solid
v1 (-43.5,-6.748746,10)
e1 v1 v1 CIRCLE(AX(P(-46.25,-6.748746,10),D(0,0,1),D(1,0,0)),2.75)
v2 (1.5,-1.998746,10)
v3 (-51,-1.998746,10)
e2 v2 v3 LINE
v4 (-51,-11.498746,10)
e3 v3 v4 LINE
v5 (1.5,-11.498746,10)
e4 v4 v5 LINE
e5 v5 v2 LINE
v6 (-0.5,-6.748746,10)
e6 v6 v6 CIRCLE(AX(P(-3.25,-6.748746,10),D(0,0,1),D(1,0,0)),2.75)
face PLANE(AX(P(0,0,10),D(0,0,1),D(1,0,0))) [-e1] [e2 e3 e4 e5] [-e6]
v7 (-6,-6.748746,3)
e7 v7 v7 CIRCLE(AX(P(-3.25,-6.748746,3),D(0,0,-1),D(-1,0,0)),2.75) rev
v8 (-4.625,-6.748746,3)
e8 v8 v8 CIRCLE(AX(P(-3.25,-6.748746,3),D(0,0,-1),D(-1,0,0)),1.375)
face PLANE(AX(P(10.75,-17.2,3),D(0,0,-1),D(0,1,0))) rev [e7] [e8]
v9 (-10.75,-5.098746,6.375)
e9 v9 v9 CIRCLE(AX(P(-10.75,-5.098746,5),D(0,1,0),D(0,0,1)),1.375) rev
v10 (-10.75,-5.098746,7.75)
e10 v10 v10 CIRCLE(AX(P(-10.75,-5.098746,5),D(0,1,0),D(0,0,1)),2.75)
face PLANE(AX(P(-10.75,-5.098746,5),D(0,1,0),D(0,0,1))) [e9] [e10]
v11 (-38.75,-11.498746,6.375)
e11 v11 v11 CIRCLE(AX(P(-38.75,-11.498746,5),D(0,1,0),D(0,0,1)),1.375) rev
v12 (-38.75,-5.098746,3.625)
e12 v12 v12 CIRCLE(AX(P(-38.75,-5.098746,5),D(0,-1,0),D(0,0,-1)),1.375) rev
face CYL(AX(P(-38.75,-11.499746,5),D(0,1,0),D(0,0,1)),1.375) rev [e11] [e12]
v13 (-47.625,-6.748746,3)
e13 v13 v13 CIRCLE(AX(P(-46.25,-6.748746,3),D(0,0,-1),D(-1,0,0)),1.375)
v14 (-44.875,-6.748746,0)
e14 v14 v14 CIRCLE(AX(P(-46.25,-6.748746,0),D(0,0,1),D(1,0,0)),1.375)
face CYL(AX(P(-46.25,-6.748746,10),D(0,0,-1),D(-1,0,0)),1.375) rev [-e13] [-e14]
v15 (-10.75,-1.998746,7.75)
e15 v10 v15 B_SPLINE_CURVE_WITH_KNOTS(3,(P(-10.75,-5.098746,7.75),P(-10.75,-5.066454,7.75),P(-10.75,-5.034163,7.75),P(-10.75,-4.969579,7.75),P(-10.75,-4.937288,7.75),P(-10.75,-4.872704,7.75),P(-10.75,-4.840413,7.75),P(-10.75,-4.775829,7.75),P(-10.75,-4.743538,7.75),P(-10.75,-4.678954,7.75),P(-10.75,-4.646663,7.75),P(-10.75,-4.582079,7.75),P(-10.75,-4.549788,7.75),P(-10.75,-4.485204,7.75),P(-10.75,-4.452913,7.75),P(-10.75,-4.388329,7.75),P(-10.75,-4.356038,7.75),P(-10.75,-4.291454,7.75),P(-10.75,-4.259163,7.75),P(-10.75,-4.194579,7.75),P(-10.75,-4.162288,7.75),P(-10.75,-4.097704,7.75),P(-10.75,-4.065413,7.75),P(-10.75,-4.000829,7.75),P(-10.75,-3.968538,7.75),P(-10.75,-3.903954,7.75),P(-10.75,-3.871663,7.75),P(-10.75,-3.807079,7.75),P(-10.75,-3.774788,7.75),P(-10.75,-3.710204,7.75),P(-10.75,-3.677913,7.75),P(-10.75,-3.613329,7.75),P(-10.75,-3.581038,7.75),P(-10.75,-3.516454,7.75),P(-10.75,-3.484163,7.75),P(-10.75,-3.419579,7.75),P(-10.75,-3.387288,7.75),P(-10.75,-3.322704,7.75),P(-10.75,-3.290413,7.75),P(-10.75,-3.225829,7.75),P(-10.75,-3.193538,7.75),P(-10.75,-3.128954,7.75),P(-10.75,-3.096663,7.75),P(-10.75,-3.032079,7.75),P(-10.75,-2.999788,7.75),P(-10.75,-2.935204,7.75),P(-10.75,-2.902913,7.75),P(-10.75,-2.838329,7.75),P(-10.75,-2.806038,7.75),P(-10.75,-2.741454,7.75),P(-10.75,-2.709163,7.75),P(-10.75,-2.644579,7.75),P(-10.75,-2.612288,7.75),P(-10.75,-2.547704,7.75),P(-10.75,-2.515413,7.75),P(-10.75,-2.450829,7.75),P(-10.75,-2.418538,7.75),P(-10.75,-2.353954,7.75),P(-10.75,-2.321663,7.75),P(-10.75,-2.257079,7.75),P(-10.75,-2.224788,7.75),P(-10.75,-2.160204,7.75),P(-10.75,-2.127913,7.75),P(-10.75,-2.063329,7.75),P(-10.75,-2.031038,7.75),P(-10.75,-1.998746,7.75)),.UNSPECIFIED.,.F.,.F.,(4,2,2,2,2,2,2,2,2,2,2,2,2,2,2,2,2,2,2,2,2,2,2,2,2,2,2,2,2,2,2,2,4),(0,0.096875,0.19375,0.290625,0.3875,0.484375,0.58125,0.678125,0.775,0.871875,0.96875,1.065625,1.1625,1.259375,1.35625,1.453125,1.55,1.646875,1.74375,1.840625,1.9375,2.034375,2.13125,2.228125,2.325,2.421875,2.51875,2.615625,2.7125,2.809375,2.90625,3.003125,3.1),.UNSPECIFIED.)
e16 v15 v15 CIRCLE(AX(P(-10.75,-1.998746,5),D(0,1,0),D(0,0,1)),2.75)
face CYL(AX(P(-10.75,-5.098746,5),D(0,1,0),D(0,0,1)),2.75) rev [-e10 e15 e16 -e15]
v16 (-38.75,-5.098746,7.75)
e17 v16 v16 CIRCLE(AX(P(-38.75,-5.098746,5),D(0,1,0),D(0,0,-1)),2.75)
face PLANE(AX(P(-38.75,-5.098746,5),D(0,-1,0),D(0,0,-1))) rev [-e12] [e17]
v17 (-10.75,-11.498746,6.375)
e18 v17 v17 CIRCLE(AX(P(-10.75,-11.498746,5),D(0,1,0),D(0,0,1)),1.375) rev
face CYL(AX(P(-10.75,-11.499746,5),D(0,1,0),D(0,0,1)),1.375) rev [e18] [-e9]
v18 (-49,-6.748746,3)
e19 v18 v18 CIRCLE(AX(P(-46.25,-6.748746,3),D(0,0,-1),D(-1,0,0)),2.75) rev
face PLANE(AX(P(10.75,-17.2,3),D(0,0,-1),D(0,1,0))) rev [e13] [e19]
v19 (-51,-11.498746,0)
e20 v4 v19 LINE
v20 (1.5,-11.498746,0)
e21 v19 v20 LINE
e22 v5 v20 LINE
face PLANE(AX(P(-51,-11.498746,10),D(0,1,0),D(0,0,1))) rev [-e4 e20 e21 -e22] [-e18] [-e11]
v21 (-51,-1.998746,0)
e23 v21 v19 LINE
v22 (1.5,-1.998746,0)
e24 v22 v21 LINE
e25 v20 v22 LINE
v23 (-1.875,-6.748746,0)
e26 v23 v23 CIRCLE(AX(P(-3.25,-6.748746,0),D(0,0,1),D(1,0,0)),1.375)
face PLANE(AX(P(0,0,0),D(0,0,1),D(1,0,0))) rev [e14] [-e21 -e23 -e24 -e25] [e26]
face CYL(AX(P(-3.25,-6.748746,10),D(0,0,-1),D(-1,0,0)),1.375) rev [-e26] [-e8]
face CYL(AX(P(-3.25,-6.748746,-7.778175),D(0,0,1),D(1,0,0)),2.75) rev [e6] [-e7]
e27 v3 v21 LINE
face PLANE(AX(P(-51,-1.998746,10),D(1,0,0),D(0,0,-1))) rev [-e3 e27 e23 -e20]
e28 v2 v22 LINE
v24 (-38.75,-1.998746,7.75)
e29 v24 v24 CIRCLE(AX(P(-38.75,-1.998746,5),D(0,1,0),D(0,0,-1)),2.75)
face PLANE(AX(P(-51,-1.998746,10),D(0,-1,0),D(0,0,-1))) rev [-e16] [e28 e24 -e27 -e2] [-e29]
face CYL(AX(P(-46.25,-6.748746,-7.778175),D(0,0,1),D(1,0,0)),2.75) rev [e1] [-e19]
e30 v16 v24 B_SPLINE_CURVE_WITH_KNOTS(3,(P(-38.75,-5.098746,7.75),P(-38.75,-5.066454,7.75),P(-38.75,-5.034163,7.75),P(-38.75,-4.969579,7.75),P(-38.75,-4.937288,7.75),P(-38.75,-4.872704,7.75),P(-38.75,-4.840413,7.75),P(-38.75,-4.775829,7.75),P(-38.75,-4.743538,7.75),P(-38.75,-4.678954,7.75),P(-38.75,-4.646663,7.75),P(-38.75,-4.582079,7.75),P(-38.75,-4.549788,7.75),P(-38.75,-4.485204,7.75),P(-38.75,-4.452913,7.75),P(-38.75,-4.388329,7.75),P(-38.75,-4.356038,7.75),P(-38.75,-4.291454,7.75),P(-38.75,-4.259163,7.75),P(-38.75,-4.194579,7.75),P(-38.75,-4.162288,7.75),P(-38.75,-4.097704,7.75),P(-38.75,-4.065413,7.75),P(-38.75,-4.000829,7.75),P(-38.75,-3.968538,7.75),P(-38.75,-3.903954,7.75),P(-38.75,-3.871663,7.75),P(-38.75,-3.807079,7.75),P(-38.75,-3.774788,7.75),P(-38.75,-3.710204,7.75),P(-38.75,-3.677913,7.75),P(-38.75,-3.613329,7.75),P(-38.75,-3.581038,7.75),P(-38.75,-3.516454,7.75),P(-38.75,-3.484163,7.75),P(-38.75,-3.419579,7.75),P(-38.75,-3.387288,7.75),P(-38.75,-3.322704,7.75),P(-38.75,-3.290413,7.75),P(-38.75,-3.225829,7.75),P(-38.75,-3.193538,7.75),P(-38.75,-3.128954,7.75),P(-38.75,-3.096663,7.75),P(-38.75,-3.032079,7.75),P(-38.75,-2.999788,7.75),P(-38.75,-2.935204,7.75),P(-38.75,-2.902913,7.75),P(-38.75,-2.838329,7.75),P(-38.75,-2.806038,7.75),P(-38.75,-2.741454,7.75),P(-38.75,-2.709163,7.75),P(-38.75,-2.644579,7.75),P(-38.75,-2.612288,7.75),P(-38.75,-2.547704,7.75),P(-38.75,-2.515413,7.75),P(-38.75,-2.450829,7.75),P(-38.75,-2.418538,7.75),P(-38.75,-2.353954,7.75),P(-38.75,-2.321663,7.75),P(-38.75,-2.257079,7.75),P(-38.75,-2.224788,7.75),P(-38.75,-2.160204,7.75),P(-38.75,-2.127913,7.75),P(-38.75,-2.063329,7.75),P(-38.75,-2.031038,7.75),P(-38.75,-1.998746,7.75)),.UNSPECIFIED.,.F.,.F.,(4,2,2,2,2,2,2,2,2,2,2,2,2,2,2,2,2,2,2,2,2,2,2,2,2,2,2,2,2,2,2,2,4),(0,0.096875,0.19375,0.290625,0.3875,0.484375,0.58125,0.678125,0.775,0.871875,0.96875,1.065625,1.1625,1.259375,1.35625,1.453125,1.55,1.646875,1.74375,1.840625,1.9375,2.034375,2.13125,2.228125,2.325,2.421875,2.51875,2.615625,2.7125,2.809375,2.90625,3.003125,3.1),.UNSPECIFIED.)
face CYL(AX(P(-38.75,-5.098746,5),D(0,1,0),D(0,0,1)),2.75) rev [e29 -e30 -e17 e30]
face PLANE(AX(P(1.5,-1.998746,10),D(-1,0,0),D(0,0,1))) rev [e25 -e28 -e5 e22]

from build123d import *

# Parameters (mm, degrees)
SKETCH1_W           = 52.5
SKETCH1_H           = 9.5
SKETCH1_R           = 1.375
BOSS_EXTRUDE1_DEPTH = 10
SKETCH4_R           = 2.75
CUT_EXTRUDE3_DEPTH  = 7
CUT_EXTRUDE1_REACH  = 54.832
SKETCH2_R           = 1.375
SKETCH3_R           = 2.75
CUT_EXTRUDE2_DEPTH  = 3.1


with BuildPart() as part:
    # Sketch1 → Boss-Extrude1 (new body)
    with BuildSketch(Plane.XY):
        with Locations((-24.75, -6.748746096)):
            Rectangle(SKETCH1_W, SKETCH1_H)
        with Locations((-46.25, -6.748746096)):
            Circle(SKETCH1_R, mode=Mode.SUBTRACT)
        with Locations((-3.25, -6.748746096)):
            Circle(SKETCH1_R, mode=Mode.SUBTRACT)
    extrude(amount=BOSS_EXTRUDE1_DEPTH)

    # Sketch4 → Cut-Extrude3 (cut)
    with BuildSketch(Plane.XY.offset(10)):
        with Locations((-46.25, -6.748746096)):
            Circle(SKETCH4_R)
        with Locations((-3.25, -6.748746096)):
            Circle(SKETCH4_R)
    extrude(amount=-CUT_EXTRUDE3_DEPTH, mode=Mode.SUBTRACT)

    # Sketch2 → Cut-Extrude1 (cut, up to next)
    with BuildSketch(Plane(origin=(0, -1.998746096, 0), x_dir=(1, 0, 0), z_dir=(0, 1, 0)), mode=Mode.PRIVATE) as cut_extrude1_sk1:
        with Locations(Location((-10.75, -5, 0), (0, 0, 270))):
            Circle(SKETCH2_R)
    cut_extrude1_tool1 = extrude(cut_extrude1_sk1.sketch, amount=-CUT_EXTRUDE1_REACH, mode=Mode.PRIVATE) & part.part
    # Sketch2 → Cut-Extrude1 (cut, up to next)
    with BuildSketch(Plane(origin=(0, -1.998746096, 0), x_dir=(1, 0, 0), z_dir=(0, 1, 0)), mode=Mode.PRIVATE) as cut_extrude1_sk2:
        with Locations(Location((-38.75, -5, 0), (0, 0, 270))):
            Circle(SKETCH2_R)
    cut_extrude1_tool2 = extrude(cut_extrude1_sk2.sketch, amount=-CUT_EXTRUDE1_REACH, mode=Mode.PRIVATE) & part.part
    add(cut_extrude1_tool1.solids().sort_by_distance((-10.75, -1.998746, 5))[0], mode=Mode.SUBTRACT)
    add(cut_extrude1_tool2.solids().sort_by_distance((-38.75, -1.998746, 5))[0], mode=Mode.SUBTRACT)

    # Sketch3 → Cut-Extrude2 (cut)
    with BuildSketch(Plane(origin=(0, -1.998746096, 0), x_dir=(1, 0, 0), z_dir=(0, 1, 0))):
        with Locations(Location((-10.75, -5, 0), (0, 0, 270))):
            Circle(SKETCH3_R)
        with Locations(Location((-38.75, -5, 0), (0, 0, 270))):
            Circle(SKETCH3_R)
    extrude(amount=-CUT_EXTRUDE2_DEPTH, mode=Mode.SUBTRACT)


solid = part.part
